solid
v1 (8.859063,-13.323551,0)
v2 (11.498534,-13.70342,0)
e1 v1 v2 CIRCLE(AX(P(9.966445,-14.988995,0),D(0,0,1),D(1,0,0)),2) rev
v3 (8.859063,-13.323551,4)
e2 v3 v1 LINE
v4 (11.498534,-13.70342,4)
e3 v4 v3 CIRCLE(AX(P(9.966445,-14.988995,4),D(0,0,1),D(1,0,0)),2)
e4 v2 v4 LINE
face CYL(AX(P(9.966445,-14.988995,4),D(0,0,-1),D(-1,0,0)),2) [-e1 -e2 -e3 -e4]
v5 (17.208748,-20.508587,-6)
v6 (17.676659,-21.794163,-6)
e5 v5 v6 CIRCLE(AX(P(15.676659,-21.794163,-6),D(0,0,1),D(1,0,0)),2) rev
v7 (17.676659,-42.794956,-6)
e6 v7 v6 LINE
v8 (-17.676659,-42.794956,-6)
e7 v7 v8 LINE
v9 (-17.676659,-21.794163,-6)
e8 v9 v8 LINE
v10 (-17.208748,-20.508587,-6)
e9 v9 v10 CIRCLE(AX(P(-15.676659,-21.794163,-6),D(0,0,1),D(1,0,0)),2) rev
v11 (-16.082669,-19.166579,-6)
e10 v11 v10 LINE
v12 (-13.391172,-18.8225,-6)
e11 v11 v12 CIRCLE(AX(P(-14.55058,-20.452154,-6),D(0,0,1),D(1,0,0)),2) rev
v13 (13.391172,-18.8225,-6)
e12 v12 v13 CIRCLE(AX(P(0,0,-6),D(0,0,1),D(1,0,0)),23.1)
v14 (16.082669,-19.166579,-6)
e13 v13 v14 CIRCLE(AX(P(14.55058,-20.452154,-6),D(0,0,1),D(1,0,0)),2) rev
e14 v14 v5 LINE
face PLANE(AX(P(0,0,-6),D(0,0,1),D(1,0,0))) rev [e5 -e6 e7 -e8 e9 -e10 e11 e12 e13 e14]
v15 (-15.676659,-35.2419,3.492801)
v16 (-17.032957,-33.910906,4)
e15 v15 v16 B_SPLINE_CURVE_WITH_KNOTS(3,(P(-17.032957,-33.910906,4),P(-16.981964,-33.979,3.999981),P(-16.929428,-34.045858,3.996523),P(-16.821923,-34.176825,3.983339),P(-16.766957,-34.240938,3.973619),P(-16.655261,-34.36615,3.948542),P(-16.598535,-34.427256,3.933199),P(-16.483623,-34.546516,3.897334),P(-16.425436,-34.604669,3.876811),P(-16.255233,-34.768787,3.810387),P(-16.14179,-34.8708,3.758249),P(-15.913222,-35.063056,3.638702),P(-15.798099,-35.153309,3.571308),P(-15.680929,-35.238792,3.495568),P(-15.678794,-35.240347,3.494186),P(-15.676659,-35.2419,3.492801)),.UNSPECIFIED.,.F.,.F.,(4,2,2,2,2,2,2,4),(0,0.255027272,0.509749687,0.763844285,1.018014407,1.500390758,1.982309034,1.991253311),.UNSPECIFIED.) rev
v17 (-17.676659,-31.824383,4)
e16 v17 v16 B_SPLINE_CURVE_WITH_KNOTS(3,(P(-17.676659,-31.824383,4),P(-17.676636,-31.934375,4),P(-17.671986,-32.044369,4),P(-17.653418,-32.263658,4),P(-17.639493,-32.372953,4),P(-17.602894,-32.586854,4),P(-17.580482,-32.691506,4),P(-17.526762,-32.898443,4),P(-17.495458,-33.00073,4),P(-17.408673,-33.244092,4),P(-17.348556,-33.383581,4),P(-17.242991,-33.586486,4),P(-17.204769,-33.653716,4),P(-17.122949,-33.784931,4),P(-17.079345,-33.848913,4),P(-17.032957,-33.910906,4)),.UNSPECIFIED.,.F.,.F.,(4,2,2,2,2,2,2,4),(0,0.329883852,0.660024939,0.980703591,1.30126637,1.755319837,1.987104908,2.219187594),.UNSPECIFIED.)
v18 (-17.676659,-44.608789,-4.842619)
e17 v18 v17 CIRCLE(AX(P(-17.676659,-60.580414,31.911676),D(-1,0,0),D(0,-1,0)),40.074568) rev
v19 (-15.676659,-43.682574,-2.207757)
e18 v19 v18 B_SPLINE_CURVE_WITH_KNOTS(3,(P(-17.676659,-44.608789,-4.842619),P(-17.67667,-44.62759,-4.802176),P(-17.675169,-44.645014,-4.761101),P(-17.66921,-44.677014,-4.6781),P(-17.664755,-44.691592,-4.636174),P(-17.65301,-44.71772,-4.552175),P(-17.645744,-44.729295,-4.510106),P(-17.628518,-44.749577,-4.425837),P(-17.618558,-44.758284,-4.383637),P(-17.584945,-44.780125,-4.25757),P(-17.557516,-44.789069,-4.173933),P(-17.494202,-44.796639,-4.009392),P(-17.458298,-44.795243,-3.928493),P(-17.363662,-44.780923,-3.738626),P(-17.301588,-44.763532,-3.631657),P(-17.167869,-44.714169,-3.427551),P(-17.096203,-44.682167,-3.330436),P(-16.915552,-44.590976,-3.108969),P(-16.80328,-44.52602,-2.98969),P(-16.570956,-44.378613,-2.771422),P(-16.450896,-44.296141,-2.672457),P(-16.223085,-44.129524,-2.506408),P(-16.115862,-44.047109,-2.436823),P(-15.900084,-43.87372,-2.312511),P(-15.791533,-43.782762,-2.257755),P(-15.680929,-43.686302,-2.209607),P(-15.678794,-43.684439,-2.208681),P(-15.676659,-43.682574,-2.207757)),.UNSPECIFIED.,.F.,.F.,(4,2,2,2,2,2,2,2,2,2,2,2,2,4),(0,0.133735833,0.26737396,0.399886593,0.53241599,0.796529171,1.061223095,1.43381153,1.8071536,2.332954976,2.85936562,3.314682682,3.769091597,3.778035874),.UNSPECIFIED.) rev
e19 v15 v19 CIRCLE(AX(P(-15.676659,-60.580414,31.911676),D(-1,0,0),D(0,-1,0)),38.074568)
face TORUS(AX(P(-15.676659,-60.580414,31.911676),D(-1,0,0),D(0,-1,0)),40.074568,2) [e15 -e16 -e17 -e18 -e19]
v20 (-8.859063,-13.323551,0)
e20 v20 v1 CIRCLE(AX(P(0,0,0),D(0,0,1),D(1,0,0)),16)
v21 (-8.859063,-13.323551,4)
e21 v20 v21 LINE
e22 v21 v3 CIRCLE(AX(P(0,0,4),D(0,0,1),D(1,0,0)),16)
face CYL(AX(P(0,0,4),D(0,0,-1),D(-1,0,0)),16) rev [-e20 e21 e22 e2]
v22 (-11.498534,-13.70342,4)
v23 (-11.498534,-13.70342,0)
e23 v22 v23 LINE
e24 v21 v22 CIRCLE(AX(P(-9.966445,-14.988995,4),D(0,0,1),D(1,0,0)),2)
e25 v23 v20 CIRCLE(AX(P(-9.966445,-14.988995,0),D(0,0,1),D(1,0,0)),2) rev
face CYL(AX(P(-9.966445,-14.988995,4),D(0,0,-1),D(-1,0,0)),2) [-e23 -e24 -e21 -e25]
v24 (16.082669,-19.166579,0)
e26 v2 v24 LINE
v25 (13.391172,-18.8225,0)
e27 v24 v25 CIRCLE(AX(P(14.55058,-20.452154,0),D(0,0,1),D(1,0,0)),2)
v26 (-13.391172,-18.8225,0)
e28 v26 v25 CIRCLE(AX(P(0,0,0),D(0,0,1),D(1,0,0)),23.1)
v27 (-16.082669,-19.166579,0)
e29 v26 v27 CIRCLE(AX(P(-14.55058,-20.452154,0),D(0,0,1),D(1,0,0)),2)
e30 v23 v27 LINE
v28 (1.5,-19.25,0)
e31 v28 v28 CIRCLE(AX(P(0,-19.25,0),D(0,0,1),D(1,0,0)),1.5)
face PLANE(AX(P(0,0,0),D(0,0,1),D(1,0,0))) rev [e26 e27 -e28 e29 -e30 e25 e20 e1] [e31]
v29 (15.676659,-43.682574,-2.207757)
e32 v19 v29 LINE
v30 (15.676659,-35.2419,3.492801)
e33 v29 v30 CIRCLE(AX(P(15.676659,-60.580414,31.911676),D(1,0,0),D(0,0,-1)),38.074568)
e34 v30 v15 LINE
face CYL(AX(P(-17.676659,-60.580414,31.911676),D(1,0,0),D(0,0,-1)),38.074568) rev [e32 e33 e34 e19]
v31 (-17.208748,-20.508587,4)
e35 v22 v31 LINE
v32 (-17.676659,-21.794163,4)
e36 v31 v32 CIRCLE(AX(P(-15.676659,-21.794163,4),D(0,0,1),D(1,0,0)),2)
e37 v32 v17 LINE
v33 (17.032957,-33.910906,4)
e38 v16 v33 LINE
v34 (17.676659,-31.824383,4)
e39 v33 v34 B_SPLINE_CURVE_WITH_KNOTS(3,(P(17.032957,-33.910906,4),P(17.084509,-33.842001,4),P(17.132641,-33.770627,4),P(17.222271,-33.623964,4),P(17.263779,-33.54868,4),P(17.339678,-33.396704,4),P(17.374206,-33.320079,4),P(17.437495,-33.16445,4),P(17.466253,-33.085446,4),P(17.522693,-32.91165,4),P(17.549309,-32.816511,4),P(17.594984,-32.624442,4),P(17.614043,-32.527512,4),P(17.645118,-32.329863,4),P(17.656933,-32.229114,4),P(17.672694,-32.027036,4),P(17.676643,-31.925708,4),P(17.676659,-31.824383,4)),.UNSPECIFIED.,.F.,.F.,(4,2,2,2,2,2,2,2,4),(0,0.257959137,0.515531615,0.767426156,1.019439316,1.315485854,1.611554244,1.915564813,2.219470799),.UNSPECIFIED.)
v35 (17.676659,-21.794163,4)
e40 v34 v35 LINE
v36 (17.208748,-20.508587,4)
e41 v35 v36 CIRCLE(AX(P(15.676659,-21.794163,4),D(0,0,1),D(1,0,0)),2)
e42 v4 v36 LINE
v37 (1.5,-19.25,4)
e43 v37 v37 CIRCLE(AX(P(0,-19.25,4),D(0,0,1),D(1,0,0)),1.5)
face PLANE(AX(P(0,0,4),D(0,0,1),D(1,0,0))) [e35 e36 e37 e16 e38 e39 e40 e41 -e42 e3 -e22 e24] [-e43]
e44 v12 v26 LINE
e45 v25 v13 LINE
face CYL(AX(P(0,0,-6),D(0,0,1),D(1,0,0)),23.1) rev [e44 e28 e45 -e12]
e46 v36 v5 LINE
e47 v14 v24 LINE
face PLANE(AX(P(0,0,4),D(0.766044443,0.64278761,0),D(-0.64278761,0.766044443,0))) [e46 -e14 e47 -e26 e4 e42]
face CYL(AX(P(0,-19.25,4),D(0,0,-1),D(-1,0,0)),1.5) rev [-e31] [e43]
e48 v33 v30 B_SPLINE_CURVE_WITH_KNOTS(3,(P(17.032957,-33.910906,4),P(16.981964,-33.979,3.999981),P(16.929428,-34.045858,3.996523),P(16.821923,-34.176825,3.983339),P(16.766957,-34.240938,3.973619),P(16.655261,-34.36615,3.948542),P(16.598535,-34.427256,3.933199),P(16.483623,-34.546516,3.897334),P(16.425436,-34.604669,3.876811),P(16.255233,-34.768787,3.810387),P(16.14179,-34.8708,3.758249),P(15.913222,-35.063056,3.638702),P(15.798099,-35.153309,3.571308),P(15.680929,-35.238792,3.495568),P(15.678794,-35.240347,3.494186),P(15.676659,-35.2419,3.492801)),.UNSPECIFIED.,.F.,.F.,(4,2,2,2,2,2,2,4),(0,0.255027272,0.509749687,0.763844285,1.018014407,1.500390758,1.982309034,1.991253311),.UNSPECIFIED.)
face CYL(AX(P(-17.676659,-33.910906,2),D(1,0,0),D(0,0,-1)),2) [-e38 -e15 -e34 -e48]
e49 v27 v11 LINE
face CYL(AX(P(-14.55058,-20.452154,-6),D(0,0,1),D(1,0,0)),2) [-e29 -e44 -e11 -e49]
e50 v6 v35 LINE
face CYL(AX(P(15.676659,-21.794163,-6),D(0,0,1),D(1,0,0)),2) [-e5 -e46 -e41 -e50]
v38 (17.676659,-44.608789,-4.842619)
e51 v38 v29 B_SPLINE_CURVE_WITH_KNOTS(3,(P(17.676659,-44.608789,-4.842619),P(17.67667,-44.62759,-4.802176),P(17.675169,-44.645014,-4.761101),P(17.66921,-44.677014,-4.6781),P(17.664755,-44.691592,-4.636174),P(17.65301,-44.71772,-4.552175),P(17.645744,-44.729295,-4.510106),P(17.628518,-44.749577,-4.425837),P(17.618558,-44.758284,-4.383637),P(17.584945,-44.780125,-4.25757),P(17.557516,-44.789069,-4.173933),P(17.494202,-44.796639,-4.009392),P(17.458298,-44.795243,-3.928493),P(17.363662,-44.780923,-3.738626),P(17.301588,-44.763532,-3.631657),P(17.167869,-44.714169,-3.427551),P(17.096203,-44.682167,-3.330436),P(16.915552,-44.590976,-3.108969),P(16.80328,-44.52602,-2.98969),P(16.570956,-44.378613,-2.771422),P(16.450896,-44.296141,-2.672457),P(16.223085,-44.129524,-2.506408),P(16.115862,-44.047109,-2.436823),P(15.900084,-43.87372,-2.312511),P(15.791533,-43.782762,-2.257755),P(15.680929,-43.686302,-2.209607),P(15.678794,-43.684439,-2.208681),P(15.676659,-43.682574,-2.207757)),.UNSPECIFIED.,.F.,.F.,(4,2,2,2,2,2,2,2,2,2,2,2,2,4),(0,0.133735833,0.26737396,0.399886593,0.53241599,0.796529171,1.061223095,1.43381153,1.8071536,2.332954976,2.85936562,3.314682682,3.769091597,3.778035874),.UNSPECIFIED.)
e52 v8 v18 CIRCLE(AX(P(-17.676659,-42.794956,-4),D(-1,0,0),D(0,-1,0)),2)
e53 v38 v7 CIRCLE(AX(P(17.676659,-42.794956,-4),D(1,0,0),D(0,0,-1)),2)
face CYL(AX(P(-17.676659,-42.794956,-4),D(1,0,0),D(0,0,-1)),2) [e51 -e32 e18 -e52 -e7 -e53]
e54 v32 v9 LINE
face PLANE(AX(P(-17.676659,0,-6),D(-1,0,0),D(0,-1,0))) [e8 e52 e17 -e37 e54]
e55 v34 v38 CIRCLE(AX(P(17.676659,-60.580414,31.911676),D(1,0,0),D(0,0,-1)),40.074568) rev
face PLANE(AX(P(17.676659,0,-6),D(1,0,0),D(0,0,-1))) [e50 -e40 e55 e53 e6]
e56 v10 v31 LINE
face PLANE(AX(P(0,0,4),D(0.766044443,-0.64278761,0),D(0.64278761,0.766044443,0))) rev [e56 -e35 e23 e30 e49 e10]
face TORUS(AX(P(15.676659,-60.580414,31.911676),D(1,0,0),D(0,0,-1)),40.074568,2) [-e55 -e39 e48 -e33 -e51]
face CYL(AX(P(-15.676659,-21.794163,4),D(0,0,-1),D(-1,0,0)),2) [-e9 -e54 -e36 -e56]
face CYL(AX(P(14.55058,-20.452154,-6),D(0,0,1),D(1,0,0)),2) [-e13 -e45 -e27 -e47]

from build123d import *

# Parameters (mm, degrees)
EXTRUDE_1_DEPTH     = 4
EXTRUDE_START       = -10
EXTRUDE_2_DEPTH     = 10
EXTRUDE_3_DEPTH     = 10
CUT_EXTRUDE_1_DEPTH = 80.60065996608486
FILLET_1_R          = 2


with BuildPart() as part:
    # 草图1 → 凸台-拉伸1 (new body)
    with BuildSketch(Plane.XY):
        with BuildLine():
            ThreePointArc((10.284601754984639, -12.256711089903641), (5.472322293210865, -15.035081932574474), (3.3812e-13, -16))
            Line((0, -16), (0, -17.75))
            ThreePointArc((-1.91e-15, -17.75), (1.0606601717798214, -18.189339828220177), (1.5000000000000009, -19.25))
            ThreePointArc((1.5000000000000009, -19.25), (1.0606601717798207, -20.310660171779823), (-2.94e-15, -20.75))
            Line((0, -20.75), (0, -23.100000000000005))
            ThreePointArc((-4.24e-15, -23.100000000000005), (7.900665310822955, -21.706899540154488), (14.848393783759075, -17.695626636048384))
            Line((14.848393783759088, -17.695626636048377), (10.28460175498465, -12.256711089903638))
        make_face()
        with BuildLine():
            Line((0, -17.75), (0, -16))
            ThreePointArc((3.3812e-13, -16), (-5.472322293210549, -15.035081932574588), (-10.284601754984644, -12.256711089903638))
            Line((-10.284601754984646, -12.25671108990364), (-14.848393783759084, -17.69562663604838))
            ThreePointArc((-14.848393783759082, -17.69562663604838), (-7.900665310822965, -21.706899540154485), (-4.24e-15, -23.100000000000005))
            Line((0, -23.100000000000005), (0, -20.75))
            ThreePointArc((-2.94e-15, -20.75), (-1.5000000000000009, -19.25), (-2.24e-15, -17.75))
        make_face()
    extrude(amount=EXTRUDE_1_DEPTH)

    # 草图3 → 凸台-拉伸2 (add)
    with BuildSketch(Plane.XY.offset(4).offset(EXTRUDE_START)):
        with BuildLine():
            ThreePointArc((14.848393783759091, -17.695626636048377), (3.55e-15, -23.100000000000012), (-14.848393783759086, -17.69562663604838))
            Line((-14.848393783759084, -17.69562663604838), (-17.676659266379858, -21.066222185771874))
            ThreePointArc((-17.676659266379858, -21.066222185771878), (-5.05e-15, -27.5), (17.676659266379847, -21.066222185771885))
            Line((17.67665926637986, -21.066222185771874), (14.84839378375909, -17.695626636048377))
        make_face()
    extrude(amount=EXTRUDE_2_DEPTH)

    # 草图4 → 凸台-拉伸3 (add)
    with BuildSketch(Plane.XY.offset(4).offset(EXTRUDE_START)):
        with BuildLine():
            Line((-17.67665926637985, -71.06622218577188), (17.67665926637986, -71.06622218577188))
            Line((17.67665926637986, -71.06622218577188), (17.67665926637986, -21.066222185771874))
            ThreePointArc((17.67665926637986, -21.066222185771874), (1.68e-15, -27.5), (-17.676659266379858, -21.066222185771878))
            Line((-17.676659266379858, -21.066222185771878), (-17.67665926637985, -71.06622218577188))
        make_face()
    extrude(amount=EXTRUDE_3_DEPTH)

    # 草图7 → 切除-拉伸1 (cut, through all)
    with BuildSketch(Plane(origin=(17.67665926637986, 0, 0), x_dir=(0, 0, -1), z_dir=(1, 0, 0))):
        with BuildLine():
            ThreePointArc((6, -57.06223919512314), (2.8499690271271234, -45.04655535209204), (-3.9999999999999893, -34.68425456157568))
            Line((-4, -34.68425456157568), (-4, -71.06622218577188))
            Line((-4, -71.06622218577188), (6, -71.06622218577188))
            Line((6, -71.06622218577188), (6, -57.06223919512314))
        make_face()
    extrude(amount=-CUT_EXTRUDE_1_DEPTH, mode=Mode.SUBTRACT)

    # 圆角1
    fillet_1_edges = [part.edges().sort_by_distance(p)[0] for p in [
        (10.284601754984646, -12.25671108990364, 2),
        (-10.284601754984646, -12.256711089903636, 2),
        (-14.848393783759086, -17.69562663604838, -3),
        (-17.676659266379858, -21.066222185771878, -1),
        (14.848393783759091, -17.69562663604838, -3),
        (17.676659266379858, -21.066222185771885, -1),
        (17.67665926637986, -45.04655535209205, -2.8499690271271234),
        (3.55e-15, -34.68425456157568, 3.999999999999993),
        (3.55e-15, -57.06223919512314, -6),
        (-17.676659266379854, -45.04655535209205, -2.8499690271271234),
    ]]
    fillet(fillet_1_edges, radius=FILLET_1_R)


solid = part.part
